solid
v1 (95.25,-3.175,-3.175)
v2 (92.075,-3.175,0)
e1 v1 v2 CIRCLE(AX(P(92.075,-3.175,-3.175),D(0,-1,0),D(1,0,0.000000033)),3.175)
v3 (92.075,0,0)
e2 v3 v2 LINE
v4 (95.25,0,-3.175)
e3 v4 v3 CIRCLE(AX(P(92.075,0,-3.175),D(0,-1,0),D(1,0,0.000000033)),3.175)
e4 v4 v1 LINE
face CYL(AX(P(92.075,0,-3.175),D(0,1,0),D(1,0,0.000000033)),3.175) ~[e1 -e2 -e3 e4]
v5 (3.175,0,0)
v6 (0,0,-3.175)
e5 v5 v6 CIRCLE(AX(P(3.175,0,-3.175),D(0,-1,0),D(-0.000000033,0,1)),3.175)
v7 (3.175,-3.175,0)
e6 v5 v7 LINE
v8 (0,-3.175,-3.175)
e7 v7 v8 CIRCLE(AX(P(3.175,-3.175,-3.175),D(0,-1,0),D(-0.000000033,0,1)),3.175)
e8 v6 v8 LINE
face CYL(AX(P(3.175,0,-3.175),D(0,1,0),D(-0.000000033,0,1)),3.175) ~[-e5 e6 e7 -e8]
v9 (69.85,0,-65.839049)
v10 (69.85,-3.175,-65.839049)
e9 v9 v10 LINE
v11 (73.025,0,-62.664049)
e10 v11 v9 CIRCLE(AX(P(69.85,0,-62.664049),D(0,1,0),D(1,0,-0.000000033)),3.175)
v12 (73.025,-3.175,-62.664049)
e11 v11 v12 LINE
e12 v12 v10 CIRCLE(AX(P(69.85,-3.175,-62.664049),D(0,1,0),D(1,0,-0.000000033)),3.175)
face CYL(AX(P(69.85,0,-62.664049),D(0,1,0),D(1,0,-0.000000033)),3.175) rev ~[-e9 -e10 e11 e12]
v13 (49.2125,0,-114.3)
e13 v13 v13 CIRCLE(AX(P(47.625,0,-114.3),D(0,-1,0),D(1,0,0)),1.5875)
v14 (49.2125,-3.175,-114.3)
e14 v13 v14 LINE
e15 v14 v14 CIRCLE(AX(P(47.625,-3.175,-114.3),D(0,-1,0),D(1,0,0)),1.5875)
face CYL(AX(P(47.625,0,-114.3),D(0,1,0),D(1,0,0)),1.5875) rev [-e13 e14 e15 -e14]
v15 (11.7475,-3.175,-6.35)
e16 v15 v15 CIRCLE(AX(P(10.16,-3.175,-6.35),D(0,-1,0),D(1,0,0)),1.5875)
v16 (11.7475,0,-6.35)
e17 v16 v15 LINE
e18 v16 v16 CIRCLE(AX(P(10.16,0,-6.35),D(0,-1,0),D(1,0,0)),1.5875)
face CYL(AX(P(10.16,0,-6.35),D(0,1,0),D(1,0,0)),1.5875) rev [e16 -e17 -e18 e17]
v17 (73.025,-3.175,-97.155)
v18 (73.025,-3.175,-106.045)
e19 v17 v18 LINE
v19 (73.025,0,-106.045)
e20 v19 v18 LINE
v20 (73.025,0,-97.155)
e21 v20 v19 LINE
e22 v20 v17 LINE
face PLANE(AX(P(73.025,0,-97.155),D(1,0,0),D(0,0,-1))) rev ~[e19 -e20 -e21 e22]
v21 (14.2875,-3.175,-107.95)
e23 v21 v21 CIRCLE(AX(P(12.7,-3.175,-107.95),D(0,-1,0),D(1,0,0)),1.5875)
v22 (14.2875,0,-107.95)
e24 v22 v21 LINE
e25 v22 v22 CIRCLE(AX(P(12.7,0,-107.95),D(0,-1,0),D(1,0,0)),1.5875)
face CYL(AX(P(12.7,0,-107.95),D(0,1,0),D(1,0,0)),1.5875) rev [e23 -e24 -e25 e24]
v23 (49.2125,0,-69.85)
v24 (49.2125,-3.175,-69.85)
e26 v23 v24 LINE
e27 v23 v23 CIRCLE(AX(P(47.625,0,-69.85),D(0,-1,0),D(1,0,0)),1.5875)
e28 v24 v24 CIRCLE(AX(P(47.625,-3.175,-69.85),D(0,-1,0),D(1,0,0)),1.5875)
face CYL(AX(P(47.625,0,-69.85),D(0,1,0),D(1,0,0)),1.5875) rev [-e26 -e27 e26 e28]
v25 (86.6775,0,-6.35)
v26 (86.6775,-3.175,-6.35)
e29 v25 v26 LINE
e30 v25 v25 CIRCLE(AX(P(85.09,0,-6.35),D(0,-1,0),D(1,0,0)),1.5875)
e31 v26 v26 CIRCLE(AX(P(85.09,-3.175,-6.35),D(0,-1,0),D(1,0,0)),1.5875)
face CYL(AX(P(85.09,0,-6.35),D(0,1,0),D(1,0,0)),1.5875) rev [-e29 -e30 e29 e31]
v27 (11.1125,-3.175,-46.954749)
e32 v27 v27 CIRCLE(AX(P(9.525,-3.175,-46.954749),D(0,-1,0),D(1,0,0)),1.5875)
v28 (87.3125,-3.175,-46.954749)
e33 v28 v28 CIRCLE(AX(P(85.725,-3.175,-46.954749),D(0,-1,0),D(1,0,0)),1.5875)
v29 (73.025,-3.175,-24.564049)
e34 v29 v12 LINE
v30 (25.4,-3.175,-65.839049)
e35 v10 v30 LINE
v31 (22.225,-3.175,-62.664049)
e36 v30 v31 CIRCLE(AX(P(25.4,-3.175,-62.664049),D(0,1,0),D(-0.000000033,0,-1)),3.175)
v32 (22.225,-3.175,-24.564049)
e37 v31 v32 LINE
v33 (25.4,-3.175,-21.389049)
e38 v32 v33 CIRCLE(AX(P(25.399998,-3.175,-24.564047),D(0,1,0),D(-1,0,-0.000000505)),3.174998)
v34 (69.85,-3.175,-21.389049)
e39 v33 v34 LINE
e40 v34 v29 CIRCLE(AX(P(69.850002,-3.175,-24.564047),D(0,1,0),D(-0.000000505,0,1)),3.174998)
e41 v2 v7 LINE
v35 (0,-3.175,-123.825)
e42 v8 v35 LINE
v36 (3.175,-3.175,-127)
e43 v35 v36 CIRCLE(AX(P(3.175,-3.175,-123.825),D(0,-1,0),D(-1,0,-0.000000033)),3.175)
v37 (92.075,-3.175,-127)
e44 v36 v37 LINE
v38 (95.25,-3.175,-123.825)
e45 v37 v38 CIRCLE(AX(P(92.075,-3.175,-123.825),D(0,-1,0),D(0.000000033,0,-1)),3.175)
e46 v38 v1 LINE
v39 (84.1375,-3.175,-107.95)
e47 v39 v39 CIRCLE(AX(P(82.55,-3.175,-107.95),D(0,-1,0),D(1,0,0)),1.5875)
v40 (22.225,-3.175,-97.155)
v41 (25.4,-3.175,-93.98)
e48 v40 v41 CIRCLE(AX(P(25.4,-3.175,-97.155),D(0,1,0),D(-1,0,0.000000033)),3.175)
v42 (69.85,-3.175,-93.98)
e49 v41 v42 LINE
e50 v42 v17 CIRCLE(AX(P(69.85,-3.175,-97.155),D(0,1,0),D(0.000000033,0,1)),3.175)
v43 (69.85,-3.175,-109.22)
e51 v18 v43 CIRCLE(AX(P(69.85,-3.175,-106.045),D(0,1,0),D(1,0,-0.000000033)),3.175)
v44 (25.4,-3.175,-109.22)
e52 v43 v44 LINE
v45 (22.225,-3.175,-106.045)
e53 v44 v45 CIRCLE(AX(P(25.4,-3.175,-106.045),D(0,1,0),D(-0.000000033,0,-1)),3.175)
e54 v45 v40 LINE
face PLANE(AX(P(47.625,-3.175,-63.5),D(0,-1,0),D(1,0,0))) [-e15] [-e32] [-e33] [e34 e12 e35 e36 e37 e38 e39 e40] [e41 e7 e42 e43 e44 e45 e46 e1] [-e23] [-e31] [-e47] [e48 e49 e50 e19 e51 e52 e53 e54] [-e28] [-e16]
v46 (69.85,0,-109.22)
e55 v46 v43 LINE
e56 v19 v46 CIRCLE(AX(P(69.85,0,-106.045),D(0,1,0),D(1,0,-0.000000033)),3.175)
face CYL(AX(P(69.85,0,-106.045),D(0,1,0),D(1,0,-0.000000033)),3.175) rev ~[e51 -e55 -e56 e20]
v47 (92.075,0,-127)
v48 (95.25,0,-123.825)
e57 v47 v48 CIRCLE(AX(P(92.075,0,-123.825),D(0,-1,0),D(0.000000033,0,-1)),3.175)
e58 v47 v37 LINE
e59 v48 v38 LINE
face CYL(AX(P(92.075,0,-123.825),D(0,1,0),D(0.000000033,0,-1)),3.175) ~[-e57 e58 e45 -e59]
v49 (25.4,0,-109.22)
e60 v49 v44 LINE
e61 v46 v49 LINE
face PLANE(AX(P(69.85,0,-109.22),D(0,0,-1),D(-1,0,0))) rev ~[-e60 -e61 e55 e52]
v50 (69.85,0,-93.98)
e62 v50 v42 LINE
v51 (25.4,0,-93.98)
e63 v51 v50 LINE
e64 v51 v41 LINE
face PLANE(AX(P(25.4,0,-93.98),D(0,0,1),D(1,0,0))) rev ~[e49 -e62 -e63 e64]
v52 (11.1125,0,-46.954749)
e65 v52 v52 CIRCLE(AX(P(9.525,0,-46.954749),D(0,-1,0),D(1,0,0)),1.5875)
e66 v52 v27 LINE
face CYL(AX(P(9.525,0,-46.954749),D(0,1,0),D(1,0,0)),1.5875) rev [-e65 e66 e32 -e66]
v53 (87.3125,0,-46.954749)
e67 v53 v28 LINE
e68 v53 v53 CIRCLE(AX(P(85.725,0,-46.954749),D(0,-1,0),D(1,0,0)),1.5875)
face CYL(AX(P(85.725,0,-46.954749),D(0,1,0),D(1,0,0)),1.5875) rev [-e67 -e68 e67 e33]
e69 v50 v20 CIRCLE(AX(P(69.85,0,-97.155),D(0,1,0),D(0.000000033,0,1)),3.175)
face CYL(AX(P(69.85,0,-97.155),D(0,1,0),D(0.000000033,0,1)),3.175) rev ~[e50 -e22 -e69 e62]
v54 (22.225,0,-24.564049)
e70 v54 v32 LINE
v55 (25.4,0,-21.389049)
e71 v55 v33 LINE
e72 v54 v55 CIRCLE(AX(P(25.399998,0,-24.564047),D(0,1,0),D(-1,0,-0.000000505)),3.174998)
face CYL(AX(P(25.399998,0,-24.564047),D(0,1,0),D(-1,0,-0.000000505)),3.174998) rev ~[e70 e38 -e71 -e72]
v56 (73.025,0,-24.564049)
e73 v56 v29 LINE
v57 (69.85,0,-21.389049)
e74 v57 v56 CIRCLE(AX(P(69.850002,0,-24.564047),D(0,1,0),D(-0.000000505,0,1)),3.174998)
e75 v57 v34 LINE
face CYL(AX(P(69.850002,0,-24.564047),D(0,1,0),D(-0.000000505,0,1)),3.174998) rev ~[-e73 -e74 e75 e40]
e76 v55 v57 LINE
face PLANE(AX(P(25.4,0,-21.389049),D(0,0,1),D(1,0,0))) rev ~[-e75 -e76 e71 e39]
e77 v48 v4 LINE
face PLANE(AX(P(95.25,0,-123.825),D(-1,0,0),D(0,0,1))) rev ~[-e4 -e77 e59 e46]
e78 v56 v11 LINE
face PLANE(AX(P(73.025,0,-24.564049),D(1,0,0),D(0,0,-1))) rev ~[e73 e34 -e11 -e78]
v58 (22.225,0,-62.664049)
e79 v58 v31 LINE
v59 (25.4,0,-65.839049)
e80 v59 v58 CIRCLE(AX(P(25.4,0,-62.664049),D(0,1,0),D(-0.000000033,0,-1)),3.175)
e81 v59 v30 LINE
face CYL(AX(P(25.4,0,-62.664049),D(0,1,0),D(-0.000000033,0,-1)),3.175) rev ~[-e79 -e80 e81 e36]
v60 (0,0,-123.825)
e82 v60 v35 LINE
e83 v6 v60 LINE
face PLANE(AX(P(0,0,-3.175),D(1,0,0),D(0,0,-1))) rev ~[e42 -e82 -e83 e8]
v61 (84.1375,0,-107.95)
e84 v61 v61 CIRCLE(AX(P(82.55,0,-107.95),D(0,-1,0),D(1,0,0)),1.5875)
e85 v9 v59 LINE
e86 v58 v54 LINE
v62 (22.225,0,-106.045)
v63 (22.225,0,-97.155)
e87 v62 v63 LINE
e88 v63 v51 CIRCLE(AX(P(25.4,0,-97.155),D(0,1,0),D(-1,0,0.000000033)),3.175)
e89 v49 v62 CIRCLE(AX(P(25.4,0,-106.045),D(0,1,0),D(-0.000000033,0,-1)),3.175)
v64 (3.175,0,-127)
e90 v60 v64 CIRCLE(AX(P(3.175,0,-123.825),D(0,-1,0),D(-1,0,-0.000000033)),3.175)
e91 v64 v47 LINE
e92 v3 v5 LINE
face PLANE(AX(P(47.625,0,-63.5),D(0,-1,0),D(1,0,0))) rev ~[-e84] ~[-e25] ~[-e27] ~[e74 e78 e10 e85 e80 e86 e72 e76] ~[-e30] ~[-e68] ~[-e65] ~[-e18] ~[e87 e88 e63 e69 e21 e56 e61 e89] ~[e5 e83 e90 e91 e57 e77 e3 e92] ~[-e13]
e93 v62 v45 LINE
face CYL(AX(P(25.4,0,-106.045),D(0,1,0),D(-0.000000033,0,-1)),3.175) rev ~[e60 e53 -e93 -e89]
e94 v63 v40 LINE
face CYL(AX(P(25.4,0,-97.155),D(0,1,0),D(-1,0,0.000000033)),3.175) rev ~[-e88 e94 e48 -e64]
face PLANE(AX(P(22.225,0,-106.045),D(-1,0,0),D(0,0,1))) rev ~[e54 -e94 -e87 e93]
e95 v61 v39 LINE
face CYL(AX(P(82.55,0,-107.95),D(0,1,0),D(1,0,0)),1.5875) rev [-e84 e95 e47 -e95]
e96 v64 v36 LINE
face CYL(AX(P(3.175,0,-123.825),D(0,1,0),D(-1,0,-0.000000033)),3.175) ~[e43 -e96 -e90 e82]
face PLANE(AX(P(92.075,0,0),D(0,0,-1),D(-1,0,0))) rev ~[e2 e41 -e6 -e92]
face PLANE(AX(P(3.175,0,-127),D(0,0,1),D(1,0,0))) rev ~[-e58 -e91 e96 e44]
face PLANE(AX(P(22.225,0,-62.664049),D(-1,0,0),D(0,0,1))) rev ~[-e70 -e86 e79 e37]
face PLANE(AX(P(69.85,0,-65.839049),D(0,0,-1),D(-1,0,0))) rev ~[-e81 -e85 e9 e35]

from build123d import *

# Parameters (mm, degrees)
F0_R     = 1.5875
F1_DEPTH = 3.175


with BuildPart() as f1:
    # F0 (on Front) → F1 (new body)
    with BuildSketch(Plane.XZ):
        with BuildLine():
            Line((92.075, 0), (3.175, 0))
            ThreePointArc((3.175, 0), (0.929936, -0.929936), (0, -3.175))
            Line((0, -3.175), (0, -123.825))
            ThreePointArc((0, -123.825), (0.929936, -126.070064), (3.175, -127))
            Line((3.175, -127), (92.075, -127))
            ThreePointArc((92.075, -127), (94.320064, -126.070064), (95.25, -123.825))
            Line((95.25, -123.825), (95.25, -3.175))
            ThreePointArc((95.25, -3.175), (94.320064, -0.929936), (92.075, 0))
        make_face()
        with Locations((12.7, -107.95)):
            Circle(F0_R, mode=Mode.SUBTRACT)
        with Locations((47.625, -114.3)):
            Circle(F0_R, mode=Mode.SUBTRACT)
        with BuildLine():
            Line((25.4, -93.98), (69.85, -93.98))
            ThreePointArc((69.85, -93.98), (72.095064, -94.909936), (73.025, -97.155))
            Line((73.025, -97.155), (73.025, -106.045))
            ThreePointArc((73.025, -106.045), (72.095064, -108.290064), (69.85, -109.22))
            Line((69.85, -109.22), (25.4, -109.22))
            ThreePointArc((25.4, -109.22), (23.154936, -108.290064), (22.225, -106.045))
            Line((22.225, -106.045), (22.225, -97.155))
            ThreePointArc((22.225, -97.155), (23.154936, -94.909936), (25.4, -93.98))
        make_face(mode=Mode.SUBTRACT)
        with Locations((82.55, -107.95)):
            Circle(F0_R, mode=Mode.SUBTRACT)
        with Locations((47.625, -69.85)):
            Circle(F0_R, mode=Mode.SUBTRACT)
        with Locations((9.525, -46.954749)):
            Circle(F0_R, mode=Mode.SUBTRACT)
        with Locations((10.16, -6.35)):
            Circle(F0_R, mode=Mode.SUBTRACT)
        with BuildLine():
            ThreePointArc((22.225, -24.564049), (23.154936, -22.318984), (25.4, -21.389049))
            Line((25.4, -21.389049), (69.85, -21.389049))
            ThreePointArc((69.85, -21.389049), (72.095064, -22.318984), (73.025, -24.564049))
            Line((73.025, -24.564049), (73.025, -62.664049))
            ThreePointArc((73.025, -62.664049), (72.095064, -64.909113), (69.85, -65.839049))
            Line((69.85, -65.839049), (25.4, -65.839049))
            ThreePointArc((25.4, -65.839049), (23.154936, -64.909113), (22.225, -62.664049))
            Line((22.225, -62.664049), (22.225, -24.564049))
        make_face(mode=Mode.SUBTRACT)
        with Locations((85.725, -46.954749)):
            Circle(F0_R, mode=Mode.SUBTRACT)
        with Locations((85.09, -6.35)):
            Circle(F0_R, mode=Mode.SUBTRACT)
    extrude(amount=F1_DEPTH)


solid = f1.part
